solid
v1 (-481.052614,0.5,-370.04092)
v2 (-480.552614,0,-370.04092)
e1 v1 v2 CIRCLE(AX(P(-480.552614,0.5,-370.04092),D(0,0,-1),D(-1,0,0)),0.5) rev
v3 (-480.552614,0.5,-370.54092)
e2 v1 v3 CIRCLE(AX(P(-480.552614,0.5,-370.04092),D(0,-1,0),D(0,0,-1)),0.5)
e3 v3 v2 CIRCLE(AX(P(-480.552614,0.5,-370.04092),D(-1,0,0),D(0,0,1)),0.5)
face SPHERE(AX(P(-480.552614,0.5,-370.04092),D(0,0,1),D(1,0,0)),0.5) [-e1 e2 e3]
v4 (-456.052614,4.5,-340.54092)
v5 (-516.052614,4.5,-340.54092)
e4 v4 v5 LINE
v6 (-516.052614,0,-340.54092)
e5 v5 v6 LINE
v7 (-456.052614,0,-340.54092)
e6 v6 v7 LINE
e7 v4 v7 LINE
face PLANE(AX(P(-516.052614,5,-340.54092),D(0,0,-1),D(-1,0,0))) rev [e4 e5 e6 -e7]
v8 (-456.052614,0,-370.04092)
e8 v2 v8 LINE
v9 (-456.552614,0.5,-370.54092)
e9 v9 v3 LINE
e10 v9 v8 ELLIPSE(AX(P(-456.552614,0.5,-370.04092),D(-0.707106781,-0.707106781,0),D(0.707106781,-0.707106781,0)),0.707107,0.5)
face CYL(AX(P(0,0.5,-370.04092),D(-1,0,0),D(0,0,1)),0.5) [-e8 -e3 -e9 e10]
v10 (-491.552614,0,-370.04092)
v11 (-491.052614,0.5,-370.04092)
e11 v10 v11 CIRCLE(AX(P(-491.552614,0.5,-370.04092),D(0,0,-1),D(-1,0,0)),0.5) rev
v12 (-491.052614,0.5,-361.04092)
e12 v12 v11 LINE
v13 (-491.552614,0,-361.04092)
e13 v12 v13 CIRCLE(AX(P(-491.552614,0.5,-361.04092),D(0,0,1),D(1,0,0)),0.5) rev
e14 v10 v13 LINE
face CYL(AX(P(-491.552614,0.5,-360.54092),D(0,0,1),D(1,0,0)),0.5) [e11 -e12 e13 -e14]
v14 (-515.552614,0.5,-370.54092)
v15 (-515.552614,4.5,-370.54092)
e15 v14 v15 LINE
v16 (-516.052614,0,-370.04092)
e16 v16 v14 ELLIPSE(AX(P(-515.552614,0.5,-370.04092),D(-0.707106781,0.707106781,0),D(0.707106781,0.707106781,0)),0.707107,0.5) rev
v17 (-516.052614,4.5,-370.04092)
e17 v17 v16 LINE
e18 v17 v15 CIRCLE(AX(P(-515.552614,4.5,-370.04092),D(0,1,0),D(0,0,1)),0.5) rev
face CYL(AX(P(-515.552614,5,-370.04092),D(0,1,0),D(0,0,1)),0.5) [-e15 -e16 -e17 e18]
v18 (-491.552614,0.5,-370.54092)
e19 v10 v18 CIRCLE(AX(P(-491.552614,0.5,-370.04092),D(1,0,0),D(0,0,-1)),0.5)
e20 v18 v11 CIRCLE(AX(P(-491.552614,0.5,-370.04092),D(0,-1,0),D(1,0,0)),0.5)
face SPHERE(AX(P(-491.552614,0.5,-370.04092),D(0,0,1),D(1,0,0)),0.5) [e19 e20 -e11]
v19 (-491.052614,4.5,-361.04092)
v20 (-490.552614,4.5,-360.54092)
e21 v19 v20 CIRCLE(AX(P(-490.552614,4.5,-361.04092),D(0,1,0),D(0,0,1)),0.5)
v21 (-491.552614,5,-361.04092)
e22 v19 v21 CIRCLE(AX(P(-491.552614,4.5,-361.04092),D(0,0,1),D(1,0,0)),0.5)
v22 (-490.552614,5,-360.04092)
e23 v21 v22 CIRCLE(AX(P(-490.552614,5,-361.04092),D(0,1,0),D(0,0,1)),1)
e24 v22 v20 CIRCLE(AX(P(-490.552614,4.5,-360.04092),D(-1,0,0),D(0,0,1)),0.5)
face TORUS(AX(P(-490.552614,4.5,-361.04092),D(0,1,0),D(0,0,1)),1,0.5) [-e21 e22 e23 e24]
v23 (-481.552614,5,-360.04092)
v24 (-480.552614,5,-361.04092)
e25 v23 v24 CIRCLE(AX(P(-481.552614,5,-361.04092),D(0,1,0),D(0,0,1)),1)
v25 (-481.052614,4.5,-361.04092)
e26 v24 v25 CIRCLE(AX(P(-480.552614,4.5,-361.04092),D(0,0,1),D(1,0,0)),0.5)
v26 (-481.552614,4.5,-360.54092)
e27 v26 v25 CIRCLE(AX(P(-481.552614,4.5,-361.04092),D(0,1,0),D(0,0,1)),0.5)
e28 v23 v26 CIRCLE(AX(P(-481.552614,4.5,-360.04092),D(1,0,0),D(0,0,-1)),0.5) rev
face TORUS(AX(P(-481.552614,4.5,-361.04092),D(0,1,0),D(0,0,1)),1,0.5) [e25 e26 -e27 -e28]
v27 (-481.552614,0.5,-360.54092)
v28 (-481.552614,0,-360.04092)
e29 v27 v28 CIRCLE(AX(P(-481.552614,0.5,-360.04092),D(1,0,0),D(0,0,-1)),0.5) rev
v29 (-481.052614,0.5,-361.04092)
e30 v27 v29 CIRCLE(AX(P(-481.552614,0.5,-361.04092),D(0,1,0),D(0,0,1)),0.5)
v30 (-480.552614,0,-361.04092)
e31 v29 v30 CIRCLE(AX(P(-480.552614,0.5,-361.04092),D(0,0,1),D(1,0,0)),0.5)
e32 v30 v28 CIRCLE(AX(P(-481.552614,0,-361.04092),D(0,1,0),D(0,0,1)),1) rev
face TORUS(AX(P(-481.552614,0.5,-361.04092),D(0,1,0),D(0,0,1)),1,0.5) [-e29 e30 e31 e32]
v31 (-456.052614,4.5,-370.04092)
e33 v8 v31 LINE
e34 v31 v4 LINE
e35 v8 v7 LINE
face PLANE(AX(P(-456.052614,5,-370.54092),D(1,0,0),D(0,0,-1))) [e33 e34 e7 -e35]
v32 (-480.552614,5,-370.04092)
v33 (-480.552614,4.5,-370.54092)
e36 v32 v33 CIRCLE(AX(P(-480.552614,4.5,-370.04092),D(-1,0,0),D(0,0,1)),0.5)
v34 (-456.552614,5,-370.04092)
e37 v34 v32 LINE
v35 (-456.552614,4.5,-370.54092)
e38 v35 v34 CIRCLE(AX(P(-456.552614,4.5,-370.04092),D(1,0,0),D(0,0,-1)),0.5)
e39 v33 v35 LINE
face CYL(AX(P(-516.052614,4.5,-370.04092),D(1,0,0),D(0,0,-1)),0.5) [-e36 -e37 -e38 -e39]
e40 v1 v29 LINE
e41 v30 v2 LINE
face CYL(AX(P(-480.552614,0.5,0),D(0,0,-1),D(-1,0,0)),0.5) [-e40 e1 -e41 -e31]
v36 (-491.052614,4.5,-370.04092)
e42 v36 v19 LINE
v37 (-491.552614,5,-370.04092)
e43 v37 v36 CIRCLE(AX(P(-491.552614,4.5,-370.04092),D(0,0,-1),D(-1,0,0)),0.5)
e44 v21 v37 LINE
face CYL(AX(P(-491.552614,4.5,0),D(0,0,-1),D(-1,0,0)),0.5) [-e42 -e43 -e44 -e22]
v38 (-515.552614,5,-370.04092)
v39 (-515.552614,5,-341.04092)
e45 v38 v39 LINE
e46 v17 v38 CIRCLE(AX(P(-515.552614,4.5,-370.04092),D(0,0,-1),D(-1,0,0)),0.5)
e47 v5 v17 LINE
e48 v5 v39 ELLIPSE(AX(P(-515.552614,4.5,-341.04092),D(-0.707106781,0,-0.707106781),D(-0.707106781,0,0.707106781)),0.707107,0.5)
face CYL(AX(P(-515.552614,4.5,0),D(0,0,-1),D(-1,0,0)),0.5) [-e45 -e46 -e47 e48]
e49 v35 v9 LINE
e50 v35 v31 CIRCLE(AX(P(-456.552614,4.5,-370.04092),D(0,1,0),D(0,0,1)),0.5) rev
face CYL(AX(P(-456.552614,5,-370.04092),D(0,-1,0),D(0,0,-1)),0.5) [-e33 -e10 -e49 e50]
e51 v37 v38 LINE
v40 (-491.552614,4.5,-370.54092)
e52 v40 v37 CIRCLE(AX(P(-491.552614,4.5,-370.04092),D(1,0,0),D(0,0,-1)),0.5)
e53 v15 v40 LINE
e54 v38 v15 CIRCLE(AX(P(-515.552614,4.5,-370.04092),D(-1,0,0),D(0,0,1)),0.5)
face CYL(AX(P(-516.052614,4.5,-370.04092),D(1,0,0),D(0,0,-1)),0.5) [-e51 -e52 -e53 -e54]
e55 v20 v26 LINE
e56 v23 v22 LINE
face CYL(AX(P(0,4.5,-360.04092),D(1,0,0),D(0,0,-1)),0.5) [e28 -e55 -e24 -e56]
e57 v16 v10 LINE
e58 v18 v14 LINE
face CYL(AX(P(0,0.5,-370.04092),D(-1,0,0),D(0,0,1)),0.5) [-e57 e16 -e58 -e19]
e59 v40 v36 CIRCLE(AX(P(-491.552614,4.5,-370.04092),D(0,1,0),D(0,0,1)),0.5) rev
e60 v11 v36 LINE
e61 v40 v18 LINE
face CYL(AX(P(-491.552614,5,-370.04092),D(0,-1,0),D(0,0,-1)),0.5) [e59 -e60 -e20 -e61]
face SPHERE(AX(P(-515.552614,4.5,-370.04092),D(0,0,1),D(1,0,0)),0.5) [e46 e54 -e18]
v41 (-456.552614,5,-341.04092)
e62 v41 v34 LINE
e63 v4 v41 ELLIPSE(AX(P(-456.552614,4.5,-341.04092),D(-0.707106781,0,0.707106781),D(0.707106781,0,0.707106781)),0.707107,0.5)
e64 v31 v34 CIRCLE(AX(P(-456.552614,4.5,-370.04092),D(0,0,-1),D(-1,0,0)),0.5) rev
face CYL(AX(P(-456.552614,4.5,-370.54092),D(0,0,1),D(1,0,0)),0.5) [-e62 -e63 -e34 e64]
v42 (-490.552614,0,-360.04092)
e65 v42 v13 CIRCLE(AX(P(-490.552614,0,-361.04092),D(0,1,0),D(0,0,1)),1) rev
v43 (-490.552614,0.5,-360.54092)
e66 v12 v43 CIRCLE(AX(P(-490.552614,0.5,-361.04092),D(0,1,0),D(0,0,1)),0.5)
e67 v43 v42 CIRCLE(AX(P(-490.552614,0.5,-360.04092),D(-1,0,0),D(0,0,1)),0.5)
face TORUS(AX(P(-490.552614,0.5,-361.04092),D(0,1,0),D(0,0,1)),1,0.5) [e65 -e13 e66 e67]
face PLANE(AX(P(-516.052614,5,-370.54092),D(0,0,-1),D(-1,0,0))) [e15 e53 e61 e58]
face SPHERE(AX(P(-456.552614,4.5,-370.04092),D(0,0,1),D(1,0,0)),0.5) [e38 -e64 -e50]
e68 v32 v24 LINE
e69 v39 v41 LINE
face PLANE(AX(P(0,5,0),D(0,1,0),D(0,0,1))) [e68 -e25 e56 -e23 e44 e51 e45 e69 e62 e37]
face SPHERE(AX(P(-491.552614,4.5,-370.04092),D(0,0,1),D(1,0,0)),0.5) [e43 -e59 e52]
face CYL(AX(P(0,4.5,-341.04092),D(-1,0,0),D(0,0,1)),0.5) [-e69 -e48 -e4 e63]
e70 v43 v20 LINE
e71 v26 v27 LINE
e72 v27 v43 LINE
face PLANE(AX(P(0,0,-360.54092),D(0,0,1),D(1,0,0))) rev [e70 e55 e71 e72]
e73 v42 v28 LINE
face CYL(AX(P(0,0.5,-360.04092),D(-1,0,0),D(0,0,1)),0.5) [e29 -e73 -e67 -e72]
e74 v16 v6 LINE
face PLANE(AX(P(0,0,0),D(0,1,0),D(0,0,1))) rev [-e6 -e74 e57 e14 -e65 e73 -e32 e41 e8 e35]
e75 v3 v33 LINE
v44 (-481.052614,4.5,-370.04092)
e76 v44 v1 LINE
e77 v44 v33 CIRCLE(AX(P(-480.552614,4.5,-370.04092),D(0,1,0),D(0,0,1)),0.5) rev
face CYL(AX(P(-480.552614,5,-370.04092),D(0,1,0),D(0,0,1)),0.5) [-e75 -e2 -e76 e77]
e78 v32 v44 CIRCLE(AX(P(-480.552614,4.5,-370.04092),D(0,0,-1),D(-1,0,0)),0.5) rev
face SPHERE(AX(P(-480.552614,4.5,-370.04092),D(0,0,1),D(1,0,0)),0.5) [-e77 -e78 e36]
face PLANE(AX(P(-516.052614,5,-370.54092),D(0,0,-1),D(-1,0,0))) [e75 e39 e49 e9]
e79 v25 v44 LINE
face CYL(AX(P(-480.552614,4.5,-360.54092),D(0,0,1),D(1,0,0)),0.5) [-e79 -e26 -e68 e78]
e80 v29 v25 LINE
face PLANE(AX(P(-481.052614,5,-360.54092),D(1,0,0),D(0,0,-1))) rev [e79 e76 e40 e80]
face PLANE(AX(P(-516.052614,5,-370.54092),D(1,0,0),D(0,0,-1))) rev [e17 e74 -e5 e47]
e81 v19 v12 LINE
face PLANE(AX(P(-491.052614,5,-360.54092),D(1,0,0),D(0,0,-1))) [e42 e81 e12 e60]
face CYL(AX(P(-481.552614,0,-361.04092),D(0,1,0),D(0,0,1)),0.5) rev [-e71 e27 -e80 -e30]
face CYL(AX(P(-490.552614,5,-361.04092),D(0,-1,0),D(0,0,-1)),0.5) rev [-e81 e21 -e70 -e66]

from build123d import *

# Parameters (mm, degrees)
SKETCH1_W           = 60
SKETCH1_H           = 30
BOSS_EXTRUDE1_DEPTH = 5
SKETCH2_W           = 10
SKETCH2_H           = 5
CUT_EXTRUDE1_DEPTH  = 10
FILLET1_R           = 0.5


with BuildPart() as part:
    # Sketch1 → Boss-Extrude1 (new body)
    with BuildSketch(Plane(origin=(0, 0, 0), x_dir=(1, 0, 0), z_dir=(0, 1, 0))):
        with Locations((-486.052613816, 355.540919523)):
            Rectangle(SKETCH1_W, SKETCH1_H)
    extrude(amount=BOSS_EXTRUDE1_DEPTH)

    # Sketch2 → Cut-Extrude1 (cut)
    with BuildSketch(Plane(origin=(0, 0, -370.540919523), x_dir=(-1, 0, 0), z_dir=(0, 0, -1))):
        with Locations((486.052613816, 2.5)):
            Rectangle(SKETCH2_W, SKETCH2_H)
    extrude(amount=-CUT_EXTRUDE1_DEPTH, mode=Mode.SUBTRACT)

    # Fillet1
    fillet1_edges = [part.edges().sort_by_distance(p)[0] for p in [
        (-456.052613816, 5, -355.540919523),
        (-503.552613816, 5, -370.540919523),
        (-468.552613816, 0, -370.540919523),
        (-468.552613816, 5, -370.540919523),
        (-481.052613816, 5, -365.540919523),
        (-491.052613816, 2.5, -370.540919523),
        (-491.052613816, 5, -365.540919523),
        (-486.052613816, 0, -360.540919523),
        (-491.052613816, 0, -365.540919523),
        (-481.052613816, 2.5, -360.540919523),
        (-481.052613816, 0, -365.540919523),
        (-486.052613816, 5, -360.540919523),
        (-491.052613816, 2.5, -360.540919523),
        (-481.052613816, 2.5, -370.540919523),
        (-516.052613816, 5, -355.540919523),
        (-503.552613816, 0, -370.540919523),
        (-486.052613816, 5, -340.540919523),
        (-516.052613816, 2.5, -370.540919523),
        (-456.052613816, 2.5, -370.540919523),
    ]]
    fillet(fillet1_edges, radius=FILLET1_R)


solid = part.part
